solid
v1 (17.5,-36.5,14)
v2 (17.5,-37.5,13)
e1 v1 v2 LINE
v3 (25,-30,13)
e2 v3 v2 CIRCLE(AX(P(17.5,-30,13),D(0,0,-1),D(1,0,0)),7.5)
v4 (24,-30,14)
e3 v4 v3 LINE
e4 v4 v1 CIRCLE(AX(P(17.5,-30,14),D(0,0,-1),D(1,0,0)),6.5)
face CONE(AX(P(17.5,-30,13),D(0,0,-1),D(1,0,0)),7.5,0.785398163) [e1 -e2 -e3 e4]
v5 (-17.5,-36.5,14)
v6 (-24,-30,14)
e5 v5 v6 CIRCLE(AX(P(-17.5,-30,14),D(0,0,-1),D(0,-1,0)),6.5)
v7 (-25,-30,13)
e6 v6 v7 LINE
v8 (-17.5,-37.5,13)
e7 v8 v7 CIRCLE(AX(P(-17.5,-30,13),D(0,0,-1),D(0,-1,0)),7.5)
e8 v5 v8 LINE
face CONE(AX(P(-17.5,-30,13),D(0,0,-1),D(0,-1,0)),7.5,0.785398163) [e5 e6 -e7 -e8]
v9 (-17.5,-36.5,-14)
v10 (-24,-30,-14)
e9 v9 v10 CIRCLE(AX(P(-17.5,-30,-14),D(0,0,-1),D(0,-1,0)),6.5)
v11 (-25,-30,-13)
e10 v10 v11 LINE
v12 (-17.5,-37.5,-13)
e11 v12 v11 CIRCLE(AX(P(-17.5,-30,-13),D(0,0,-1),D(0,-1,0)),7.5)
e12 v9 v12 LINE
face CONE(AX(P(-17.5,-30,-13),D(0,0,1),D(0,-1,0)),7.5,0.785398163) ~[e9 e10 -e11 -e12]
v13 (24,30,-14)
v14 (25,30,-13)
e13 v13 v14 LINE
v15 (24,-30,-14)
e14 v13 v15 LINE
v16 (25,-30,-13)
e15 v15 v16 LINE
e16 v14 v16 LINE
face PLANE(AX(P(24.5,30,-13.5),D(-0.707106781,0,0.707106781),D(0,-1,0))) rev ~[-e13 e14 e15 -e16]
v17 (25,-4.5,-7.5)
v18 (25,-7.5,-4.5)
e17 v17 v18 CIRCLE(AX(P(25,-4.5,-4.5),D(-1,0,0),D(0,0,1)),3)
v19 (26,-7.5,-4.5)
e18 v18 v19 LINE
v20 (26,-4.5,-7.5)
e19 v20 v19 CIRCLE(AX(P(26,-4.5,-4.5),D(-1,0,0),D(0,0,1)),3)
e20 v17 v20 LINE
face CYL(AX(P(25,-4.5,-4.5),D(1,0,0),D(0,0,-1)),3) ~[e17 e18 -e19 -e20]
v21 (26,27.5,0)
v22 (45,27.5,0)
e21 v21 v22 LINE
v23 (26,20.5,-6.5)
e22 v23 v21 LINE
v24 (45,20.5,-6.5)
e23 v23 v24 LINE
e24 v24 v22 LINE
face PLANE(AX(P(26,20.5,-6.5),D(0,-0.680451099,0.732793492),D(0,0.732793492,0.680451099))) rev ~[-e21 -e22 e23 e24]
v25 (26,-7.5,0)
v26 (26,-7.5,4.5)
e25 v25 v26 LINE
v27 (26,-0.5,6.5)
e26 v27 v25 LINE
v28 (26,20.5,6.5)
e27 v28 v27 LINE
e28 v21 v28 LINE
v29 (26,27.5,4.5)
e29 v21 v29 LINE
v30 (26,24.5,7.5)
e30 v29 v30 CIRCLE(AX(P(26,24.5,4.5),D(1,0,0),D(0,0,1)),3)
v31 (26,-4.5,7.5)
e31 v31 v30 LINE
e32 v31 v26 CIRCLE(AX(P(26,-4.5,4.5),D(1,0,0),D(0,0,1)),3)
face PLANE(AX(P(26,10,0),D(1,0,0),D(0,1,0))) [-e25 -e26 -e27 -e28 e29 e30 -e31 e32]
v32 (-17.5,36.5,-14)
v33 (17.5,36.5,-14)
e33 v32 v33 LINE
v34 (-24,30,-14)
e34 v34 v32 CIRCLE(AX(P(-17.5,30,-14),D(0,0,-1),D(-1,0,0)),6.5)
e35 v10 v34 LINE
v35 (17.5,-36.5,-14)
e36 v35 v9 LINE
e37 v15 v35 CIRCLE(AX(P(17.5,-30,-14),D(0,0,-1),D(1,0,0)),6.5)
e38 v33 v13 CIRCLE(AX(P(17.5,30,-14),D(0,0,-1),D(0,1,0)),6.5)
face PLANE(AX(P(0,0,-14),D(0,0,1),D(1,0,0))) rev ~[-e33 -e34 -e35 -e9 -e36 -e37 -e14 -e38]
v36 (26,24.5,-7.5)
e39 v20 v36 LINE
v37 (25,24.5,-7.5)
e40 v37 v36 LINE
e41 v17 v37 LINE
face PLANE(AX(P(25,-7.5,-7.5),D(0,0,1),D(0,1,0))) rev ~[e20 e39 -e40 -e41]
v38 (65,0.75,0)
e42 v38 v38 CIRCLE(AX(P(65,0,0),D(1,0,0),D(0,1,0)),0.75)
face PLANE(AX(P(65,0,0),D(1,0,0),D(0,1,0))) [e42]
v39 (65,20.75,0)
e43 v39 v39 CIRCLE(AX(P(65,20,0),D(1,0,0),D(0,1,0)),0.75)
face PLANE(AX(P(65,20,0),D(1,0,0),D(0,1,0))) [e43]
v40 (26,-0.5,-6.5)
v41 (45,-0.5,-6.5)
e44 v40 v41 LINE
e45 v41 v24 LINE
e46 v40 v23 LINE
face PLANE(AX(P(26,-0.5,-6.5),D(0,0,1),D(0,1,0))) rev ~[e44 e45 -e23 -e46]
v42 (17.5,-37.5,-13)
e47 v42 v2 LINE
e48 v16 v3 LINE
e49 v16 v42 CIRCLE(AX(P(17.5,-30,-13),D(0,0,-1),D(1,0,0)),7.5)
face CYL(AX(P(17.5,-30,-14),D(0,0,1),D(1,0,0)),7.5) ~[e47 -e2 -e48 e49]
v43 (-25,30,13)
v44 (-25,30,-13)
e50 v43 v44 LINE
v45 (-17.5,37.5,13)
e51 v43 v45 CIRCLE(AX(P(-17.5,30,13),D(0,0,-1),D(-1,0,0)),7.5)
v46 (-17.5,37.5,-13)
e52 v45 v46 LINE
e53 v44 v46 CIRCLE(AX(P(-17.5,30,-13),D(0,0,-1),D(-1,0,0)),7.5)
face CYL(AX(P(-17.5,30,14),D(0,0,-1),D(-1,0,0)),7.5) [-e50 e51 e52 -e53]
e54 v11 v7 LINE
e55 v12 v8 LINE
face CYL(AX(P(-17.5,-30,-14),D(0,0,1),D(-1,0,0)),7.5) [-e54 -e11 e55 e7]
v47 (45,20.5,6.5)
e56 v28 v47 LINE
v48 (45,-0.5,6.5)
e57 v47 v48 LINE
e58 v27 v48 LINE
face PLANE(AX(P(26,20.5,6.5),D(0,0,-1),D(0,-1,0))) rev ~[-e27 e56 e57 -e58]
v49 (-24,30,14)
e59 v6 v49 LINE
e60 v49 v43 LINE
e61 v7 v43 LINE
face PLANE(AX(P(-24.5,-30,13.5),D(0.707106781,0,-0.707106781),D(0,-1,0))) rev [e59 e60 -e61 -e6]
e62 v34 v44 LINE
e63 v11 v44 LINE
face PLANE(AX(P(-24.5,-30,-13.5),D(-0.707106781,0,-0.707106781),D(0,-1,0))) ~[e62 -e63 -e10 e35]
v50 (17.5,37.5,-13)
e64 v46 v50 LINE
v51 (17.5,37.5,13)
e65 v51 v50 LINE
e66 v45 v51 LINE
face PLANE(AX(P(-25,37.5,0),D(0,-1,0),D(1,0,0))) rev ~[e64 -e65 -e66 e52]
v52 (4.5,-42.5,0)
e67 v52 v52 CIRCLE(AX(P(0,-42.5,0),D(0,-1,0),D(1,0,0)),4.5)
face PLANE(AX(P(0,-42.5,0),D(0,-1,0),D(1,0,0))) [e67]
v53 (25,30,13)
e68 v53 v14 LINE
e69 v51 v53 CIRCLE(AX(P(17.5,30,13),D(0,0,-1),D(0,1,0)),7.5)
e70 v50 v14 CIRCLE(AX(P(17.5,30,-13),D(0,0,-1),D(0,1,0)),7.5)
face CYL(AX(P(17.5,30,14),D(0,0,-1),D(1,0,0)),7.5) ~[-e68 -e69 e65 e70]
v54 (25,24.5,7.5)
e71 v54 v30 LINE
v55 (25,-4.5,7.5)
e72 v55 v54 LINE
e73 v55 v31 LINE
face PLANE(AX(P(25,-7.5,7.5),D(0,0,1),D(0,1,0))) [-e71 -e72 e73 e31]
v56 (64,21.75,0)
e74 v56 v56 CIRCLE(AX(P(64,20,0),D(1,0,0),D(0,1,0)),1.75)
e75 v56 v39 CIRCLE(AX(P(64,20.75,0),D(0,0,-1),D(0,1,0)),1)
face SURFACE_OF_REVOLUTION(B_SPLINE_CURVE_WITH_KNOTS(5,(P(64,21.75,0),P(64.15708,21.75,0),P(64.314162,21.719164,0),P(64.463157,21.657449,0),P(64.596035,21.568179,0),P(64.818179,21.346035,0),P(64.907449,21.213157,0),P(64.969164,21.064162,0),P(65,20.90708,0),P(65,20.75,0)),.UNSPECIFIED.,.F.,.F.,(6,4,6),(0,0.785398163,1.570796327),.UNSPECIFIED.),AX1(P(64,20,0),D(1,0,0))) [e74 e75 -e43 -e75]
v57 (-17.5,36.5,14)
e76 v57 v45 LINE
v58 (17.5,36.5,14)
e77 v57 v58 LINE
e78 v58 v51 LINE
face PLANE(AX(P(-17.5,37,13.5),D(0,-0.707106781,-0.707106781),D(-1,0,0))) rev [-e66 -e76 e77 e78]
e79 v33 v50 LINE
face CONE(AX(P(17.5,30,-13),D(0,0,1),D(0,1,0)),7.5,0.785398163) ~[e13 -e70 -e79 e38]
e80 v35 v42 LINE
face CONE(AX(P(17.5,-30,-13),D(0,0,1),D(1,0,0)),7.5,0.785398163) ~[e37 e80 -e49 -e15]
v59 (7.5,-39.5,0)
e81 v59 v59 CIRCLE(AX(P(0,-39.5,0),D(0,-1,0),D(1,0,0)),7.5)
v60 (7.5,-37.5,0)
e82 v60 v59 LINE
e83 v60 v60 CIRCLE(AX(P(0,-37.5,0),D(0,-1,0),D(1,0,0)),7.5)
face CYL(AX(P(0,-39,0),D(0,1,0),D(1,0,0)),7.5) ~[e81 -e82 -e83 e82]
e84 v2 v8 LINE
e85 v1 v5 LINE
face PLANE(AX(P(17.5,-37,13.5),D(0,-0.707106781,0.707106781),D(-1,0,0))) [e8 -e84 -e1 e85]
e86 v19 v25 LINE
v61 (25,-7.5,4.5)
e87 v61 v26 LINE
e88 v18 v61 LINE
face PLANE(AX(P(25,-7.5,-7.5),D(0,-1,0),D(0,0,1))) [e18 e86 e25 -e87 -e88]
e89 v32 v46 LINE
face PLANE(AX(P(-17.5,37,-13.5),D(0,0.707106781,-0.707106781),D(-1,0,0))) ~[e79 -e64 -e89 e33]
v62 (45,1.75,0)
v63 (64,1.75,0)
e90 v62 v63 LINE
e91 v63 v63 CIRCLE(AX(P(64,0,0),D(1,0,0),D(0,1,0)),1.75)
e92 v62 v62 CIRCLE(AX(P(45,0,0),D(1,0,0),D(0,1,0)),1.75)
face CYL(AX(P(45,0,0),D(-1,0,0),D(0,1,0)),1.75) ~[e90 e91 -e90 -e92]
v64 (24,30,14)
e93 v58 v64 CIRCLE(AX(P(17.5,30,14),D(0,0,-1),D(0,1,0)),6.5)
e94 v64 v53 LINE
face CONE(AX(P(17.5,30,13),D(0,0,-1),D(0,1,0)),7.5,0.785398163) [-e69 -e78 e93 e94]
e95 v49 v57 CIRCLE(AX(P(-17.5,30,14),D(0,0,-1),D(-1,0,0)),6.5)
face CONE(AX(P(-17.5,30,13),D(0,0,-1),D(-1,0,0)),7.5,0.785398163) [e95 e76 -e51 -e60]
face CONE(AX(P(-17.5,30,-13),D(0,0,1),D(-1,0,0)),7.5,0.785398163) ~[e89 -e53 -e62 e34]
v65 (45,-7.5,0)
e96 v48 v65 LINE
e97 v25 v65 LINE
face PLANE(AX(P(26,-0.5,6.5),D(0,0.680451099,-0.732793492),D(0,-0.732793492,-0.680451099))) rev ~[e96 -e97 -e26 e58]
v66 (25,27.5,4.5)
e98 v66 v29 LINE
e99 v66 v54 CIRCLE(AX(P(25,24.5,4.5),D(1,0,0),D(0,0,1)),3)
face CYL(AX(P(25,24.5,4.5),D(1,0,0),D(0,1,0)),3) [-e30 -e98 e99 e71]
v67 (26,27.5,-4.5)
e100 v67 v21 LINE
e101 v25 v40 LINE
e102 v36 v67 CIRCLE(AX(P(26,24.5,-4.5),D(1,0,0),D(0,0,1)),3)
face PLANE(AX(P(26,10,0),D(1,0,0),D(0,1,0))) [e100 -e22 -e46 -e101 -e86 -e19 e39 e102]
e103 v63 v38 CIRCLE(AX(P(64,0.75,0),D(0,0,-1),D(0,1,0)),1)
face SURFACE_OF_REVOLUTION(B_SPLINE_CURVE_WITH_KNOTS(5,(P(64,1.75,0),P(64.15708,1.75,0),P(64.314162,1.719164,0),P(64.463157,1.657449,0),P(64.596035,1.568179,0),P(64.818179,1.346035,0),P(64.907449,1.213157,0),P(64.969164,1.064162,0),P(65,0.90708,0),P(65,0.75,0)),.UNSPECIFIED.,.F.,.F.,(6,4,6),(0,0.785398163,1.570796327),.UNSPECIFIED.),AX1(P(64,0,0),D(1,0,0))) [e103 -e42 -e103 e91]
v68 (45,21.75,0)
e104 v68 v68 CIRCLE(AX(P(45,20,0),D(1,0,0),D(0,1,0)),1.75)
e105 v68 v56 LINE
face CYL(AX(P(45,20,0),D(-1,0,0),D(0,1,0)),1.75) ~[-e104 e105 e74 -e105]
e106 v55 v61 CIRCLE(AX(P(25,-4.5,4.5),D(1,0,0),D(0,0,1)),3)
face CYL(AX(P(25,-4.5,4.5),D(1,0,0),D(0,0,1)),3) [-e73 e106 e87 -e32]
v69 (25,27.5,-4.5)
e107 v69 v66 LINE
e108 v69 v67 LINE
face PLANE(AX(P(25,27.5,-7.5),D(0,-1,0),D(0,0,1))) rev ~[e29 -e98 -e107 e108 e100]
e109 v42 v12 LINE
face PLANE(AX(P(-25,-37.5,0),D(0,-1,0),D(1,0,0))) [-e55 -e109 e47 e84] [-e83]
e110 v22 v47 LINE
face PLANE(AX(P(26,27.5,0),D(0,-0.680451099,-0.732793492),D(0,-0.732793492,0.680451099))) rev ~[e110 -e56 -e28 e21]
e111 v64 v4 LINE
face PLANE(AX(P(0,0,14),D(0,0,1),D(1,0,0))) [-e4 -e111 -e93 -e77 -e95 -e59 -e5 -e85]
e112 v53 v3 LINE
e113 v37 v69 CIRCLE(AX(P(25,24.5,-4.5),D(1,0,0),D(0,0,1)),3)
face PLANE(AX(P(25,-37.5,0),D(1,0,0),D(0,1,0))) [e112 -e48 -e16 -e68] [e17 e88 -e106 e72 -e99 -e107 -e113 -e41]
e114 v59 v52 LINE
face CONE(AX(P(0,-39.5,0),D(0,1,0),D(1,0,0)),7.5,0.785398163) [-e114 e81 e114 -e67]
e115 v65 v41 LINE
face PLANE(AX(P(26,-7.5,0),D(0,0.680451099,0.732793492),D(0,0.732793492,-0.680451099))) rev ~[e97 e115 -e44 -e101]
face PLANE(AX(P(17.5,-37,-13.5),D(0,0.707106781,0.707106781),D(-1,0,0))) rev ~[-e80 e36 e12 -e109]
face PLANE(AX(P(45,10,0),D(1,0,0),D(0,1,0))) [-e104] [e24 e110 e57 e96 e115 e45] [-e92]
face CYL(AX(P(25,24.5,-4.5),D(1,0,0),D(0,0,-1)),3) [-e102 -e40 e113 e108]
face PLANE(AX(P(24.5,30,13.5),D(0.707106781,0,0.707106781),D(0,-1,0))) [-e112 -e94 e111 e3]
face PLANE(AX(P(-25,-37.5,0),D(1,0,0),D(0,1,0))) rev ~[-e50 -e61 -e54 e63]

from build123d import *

# Parameters (mm, degrees)
SKETCH_W        = 50
SKETCH_H        = 75
PAD_DEPTH       = 14
FILLET_R        = 7.5
CHAMFER_SIZE    = 1
SKETCH001_W     = 35
SKETCH001_H     = 15
PAD001_DEPTH    = 1
FILLET001_R     = 3
PAD002_DEPTH    = 19
SKETCH003_R     = 1.75
PAD003_DEPTH    = 20
FILLET002_R     = 1
SKETCH004_R     = 7.5
PAD004_DEPTH    = 1.5
SKETCH005_R     = 7.5
PAD005_DEPTH    = 3.5
CHAMFER001_SIZE = 3


with BuildPart() as part:
    # Sketch → Pad (new body, symmetric)
    with BuildSketch(Plane.XY):
        Rectangle(SKETCH_W, SKETCH_H)
    extrude(amount=PAD_DEPTH, both=True)

    # Fillet
    fillet_edges = [part.edges().sort_by_distance(p)[0] for p in [
        (25, -37.5, 0),
        (-25, -37.5, 0),
        (25, 37.5, 0),
        (-25, 37.5, 0),
    ]]
    fillet(fillet_edges, radius=FILLET_R)

    # Chamfer
    chamfer_edges = [part.edges().sort_by_distance(p)[0] for p in [
        (0, 37.5, 14),
        (-22.803301, 35.303301, 14),
        (-25, 0, 14),
        (25, 0, 14),
        (22.803301, 35.303301, 14),
        (-22.803301, -35.303301, 14),
        (0, -37.5, 14),
        (22.803301, -35.303301, 14),
        (22.803301, -35.303301, -14),
        (0, -37.5, -14),
        (-22.803301, -35.303301, -14),
        (-25, 0, -14),
        (25, 0, -14),
        (22.803301, 35.303301, -14),
        (0, 37.5, -14),
        (-22.803301, 35.303301, -14),
    ]]
    chamfer(chamfer_edges, length=CHAMFER_SIZE)

    # Sketch001 (on Face13 of Chamfer) → Pad001 (join)
    with BuildSketch(Plane.YZ.offset(25)):
        with Locations((10, 0)):
            Rectangle(SKETCH001_W, SKETCH001_H)
    extrude(amount=PAD001_DEPTH)

    # Fillet001
    fillet001_edges = [part.edges().sort_by_distance(p)[0] for p in [
        (25.5, 27.5, 7.5),
        (25.5, 27.5, -7.5),
        (25.5, -7.5, -7.5),
        (25.5, -7.5, 7.5),
    ]]
    fillet(fillet001_edges, radius=FILLET001_R)

    # Sketch002 (on Face14 of Fillet001) → Pad002 (join)
    with BuildSketch(Plane.YZ.offset(26)):
        Polygon((27.5, 0), (20.5, 6.5), (-0.5, 6.5), (-7.5, 0), (-0.5, -6.5), (20.5, -6.5), align=None)
    extrude(amount=PAD002_DEPTH)

    # Sketch003 (on Face42 of Pad002) → Pad003 (join)
    with BuildSketch(Plane.YZ.offset(45)):
        Circle(SKETCH003_R)
        with Locations((20, 0)):
            Circle(SKETCH003_R)
    extrude(amount=PAD003_DEPTH)

    # Fillet002
    fillet002_edges = [part.edges().sort_by_distance(p)[0] for p in [
        (65, -1.75, 0),
        (65, 18.25, 0),
    ]]
    fillet(fillet002_edges, radius=FILLET002_R)

    # Sketch004 (on Face36 of Fillet002) → Pad004 (join)
    with BuildSketch(Plane.XZ.offset(37.5)):
        Circle(SKETCH004_R)
    extrude(amount=PAD004_DEPTH)

    # Sketch005 (on Face51 of Pad004) → Pad005 (join)
    with BuildSketch(Plane.XZ.offset(39)):
        Circle(SKETCH005_R)
    extrude(amount=PAD005_DEPTH)

    # Chamfer001
    chamfer001_edges = [part.edges().sort_by_distance(p)[0] for p in [
        (-7.5, -42.5, 0),
    ]]
    chamfer(chamfer001_edges, length=CHAMFER001_SIZE)


solid = part.part
